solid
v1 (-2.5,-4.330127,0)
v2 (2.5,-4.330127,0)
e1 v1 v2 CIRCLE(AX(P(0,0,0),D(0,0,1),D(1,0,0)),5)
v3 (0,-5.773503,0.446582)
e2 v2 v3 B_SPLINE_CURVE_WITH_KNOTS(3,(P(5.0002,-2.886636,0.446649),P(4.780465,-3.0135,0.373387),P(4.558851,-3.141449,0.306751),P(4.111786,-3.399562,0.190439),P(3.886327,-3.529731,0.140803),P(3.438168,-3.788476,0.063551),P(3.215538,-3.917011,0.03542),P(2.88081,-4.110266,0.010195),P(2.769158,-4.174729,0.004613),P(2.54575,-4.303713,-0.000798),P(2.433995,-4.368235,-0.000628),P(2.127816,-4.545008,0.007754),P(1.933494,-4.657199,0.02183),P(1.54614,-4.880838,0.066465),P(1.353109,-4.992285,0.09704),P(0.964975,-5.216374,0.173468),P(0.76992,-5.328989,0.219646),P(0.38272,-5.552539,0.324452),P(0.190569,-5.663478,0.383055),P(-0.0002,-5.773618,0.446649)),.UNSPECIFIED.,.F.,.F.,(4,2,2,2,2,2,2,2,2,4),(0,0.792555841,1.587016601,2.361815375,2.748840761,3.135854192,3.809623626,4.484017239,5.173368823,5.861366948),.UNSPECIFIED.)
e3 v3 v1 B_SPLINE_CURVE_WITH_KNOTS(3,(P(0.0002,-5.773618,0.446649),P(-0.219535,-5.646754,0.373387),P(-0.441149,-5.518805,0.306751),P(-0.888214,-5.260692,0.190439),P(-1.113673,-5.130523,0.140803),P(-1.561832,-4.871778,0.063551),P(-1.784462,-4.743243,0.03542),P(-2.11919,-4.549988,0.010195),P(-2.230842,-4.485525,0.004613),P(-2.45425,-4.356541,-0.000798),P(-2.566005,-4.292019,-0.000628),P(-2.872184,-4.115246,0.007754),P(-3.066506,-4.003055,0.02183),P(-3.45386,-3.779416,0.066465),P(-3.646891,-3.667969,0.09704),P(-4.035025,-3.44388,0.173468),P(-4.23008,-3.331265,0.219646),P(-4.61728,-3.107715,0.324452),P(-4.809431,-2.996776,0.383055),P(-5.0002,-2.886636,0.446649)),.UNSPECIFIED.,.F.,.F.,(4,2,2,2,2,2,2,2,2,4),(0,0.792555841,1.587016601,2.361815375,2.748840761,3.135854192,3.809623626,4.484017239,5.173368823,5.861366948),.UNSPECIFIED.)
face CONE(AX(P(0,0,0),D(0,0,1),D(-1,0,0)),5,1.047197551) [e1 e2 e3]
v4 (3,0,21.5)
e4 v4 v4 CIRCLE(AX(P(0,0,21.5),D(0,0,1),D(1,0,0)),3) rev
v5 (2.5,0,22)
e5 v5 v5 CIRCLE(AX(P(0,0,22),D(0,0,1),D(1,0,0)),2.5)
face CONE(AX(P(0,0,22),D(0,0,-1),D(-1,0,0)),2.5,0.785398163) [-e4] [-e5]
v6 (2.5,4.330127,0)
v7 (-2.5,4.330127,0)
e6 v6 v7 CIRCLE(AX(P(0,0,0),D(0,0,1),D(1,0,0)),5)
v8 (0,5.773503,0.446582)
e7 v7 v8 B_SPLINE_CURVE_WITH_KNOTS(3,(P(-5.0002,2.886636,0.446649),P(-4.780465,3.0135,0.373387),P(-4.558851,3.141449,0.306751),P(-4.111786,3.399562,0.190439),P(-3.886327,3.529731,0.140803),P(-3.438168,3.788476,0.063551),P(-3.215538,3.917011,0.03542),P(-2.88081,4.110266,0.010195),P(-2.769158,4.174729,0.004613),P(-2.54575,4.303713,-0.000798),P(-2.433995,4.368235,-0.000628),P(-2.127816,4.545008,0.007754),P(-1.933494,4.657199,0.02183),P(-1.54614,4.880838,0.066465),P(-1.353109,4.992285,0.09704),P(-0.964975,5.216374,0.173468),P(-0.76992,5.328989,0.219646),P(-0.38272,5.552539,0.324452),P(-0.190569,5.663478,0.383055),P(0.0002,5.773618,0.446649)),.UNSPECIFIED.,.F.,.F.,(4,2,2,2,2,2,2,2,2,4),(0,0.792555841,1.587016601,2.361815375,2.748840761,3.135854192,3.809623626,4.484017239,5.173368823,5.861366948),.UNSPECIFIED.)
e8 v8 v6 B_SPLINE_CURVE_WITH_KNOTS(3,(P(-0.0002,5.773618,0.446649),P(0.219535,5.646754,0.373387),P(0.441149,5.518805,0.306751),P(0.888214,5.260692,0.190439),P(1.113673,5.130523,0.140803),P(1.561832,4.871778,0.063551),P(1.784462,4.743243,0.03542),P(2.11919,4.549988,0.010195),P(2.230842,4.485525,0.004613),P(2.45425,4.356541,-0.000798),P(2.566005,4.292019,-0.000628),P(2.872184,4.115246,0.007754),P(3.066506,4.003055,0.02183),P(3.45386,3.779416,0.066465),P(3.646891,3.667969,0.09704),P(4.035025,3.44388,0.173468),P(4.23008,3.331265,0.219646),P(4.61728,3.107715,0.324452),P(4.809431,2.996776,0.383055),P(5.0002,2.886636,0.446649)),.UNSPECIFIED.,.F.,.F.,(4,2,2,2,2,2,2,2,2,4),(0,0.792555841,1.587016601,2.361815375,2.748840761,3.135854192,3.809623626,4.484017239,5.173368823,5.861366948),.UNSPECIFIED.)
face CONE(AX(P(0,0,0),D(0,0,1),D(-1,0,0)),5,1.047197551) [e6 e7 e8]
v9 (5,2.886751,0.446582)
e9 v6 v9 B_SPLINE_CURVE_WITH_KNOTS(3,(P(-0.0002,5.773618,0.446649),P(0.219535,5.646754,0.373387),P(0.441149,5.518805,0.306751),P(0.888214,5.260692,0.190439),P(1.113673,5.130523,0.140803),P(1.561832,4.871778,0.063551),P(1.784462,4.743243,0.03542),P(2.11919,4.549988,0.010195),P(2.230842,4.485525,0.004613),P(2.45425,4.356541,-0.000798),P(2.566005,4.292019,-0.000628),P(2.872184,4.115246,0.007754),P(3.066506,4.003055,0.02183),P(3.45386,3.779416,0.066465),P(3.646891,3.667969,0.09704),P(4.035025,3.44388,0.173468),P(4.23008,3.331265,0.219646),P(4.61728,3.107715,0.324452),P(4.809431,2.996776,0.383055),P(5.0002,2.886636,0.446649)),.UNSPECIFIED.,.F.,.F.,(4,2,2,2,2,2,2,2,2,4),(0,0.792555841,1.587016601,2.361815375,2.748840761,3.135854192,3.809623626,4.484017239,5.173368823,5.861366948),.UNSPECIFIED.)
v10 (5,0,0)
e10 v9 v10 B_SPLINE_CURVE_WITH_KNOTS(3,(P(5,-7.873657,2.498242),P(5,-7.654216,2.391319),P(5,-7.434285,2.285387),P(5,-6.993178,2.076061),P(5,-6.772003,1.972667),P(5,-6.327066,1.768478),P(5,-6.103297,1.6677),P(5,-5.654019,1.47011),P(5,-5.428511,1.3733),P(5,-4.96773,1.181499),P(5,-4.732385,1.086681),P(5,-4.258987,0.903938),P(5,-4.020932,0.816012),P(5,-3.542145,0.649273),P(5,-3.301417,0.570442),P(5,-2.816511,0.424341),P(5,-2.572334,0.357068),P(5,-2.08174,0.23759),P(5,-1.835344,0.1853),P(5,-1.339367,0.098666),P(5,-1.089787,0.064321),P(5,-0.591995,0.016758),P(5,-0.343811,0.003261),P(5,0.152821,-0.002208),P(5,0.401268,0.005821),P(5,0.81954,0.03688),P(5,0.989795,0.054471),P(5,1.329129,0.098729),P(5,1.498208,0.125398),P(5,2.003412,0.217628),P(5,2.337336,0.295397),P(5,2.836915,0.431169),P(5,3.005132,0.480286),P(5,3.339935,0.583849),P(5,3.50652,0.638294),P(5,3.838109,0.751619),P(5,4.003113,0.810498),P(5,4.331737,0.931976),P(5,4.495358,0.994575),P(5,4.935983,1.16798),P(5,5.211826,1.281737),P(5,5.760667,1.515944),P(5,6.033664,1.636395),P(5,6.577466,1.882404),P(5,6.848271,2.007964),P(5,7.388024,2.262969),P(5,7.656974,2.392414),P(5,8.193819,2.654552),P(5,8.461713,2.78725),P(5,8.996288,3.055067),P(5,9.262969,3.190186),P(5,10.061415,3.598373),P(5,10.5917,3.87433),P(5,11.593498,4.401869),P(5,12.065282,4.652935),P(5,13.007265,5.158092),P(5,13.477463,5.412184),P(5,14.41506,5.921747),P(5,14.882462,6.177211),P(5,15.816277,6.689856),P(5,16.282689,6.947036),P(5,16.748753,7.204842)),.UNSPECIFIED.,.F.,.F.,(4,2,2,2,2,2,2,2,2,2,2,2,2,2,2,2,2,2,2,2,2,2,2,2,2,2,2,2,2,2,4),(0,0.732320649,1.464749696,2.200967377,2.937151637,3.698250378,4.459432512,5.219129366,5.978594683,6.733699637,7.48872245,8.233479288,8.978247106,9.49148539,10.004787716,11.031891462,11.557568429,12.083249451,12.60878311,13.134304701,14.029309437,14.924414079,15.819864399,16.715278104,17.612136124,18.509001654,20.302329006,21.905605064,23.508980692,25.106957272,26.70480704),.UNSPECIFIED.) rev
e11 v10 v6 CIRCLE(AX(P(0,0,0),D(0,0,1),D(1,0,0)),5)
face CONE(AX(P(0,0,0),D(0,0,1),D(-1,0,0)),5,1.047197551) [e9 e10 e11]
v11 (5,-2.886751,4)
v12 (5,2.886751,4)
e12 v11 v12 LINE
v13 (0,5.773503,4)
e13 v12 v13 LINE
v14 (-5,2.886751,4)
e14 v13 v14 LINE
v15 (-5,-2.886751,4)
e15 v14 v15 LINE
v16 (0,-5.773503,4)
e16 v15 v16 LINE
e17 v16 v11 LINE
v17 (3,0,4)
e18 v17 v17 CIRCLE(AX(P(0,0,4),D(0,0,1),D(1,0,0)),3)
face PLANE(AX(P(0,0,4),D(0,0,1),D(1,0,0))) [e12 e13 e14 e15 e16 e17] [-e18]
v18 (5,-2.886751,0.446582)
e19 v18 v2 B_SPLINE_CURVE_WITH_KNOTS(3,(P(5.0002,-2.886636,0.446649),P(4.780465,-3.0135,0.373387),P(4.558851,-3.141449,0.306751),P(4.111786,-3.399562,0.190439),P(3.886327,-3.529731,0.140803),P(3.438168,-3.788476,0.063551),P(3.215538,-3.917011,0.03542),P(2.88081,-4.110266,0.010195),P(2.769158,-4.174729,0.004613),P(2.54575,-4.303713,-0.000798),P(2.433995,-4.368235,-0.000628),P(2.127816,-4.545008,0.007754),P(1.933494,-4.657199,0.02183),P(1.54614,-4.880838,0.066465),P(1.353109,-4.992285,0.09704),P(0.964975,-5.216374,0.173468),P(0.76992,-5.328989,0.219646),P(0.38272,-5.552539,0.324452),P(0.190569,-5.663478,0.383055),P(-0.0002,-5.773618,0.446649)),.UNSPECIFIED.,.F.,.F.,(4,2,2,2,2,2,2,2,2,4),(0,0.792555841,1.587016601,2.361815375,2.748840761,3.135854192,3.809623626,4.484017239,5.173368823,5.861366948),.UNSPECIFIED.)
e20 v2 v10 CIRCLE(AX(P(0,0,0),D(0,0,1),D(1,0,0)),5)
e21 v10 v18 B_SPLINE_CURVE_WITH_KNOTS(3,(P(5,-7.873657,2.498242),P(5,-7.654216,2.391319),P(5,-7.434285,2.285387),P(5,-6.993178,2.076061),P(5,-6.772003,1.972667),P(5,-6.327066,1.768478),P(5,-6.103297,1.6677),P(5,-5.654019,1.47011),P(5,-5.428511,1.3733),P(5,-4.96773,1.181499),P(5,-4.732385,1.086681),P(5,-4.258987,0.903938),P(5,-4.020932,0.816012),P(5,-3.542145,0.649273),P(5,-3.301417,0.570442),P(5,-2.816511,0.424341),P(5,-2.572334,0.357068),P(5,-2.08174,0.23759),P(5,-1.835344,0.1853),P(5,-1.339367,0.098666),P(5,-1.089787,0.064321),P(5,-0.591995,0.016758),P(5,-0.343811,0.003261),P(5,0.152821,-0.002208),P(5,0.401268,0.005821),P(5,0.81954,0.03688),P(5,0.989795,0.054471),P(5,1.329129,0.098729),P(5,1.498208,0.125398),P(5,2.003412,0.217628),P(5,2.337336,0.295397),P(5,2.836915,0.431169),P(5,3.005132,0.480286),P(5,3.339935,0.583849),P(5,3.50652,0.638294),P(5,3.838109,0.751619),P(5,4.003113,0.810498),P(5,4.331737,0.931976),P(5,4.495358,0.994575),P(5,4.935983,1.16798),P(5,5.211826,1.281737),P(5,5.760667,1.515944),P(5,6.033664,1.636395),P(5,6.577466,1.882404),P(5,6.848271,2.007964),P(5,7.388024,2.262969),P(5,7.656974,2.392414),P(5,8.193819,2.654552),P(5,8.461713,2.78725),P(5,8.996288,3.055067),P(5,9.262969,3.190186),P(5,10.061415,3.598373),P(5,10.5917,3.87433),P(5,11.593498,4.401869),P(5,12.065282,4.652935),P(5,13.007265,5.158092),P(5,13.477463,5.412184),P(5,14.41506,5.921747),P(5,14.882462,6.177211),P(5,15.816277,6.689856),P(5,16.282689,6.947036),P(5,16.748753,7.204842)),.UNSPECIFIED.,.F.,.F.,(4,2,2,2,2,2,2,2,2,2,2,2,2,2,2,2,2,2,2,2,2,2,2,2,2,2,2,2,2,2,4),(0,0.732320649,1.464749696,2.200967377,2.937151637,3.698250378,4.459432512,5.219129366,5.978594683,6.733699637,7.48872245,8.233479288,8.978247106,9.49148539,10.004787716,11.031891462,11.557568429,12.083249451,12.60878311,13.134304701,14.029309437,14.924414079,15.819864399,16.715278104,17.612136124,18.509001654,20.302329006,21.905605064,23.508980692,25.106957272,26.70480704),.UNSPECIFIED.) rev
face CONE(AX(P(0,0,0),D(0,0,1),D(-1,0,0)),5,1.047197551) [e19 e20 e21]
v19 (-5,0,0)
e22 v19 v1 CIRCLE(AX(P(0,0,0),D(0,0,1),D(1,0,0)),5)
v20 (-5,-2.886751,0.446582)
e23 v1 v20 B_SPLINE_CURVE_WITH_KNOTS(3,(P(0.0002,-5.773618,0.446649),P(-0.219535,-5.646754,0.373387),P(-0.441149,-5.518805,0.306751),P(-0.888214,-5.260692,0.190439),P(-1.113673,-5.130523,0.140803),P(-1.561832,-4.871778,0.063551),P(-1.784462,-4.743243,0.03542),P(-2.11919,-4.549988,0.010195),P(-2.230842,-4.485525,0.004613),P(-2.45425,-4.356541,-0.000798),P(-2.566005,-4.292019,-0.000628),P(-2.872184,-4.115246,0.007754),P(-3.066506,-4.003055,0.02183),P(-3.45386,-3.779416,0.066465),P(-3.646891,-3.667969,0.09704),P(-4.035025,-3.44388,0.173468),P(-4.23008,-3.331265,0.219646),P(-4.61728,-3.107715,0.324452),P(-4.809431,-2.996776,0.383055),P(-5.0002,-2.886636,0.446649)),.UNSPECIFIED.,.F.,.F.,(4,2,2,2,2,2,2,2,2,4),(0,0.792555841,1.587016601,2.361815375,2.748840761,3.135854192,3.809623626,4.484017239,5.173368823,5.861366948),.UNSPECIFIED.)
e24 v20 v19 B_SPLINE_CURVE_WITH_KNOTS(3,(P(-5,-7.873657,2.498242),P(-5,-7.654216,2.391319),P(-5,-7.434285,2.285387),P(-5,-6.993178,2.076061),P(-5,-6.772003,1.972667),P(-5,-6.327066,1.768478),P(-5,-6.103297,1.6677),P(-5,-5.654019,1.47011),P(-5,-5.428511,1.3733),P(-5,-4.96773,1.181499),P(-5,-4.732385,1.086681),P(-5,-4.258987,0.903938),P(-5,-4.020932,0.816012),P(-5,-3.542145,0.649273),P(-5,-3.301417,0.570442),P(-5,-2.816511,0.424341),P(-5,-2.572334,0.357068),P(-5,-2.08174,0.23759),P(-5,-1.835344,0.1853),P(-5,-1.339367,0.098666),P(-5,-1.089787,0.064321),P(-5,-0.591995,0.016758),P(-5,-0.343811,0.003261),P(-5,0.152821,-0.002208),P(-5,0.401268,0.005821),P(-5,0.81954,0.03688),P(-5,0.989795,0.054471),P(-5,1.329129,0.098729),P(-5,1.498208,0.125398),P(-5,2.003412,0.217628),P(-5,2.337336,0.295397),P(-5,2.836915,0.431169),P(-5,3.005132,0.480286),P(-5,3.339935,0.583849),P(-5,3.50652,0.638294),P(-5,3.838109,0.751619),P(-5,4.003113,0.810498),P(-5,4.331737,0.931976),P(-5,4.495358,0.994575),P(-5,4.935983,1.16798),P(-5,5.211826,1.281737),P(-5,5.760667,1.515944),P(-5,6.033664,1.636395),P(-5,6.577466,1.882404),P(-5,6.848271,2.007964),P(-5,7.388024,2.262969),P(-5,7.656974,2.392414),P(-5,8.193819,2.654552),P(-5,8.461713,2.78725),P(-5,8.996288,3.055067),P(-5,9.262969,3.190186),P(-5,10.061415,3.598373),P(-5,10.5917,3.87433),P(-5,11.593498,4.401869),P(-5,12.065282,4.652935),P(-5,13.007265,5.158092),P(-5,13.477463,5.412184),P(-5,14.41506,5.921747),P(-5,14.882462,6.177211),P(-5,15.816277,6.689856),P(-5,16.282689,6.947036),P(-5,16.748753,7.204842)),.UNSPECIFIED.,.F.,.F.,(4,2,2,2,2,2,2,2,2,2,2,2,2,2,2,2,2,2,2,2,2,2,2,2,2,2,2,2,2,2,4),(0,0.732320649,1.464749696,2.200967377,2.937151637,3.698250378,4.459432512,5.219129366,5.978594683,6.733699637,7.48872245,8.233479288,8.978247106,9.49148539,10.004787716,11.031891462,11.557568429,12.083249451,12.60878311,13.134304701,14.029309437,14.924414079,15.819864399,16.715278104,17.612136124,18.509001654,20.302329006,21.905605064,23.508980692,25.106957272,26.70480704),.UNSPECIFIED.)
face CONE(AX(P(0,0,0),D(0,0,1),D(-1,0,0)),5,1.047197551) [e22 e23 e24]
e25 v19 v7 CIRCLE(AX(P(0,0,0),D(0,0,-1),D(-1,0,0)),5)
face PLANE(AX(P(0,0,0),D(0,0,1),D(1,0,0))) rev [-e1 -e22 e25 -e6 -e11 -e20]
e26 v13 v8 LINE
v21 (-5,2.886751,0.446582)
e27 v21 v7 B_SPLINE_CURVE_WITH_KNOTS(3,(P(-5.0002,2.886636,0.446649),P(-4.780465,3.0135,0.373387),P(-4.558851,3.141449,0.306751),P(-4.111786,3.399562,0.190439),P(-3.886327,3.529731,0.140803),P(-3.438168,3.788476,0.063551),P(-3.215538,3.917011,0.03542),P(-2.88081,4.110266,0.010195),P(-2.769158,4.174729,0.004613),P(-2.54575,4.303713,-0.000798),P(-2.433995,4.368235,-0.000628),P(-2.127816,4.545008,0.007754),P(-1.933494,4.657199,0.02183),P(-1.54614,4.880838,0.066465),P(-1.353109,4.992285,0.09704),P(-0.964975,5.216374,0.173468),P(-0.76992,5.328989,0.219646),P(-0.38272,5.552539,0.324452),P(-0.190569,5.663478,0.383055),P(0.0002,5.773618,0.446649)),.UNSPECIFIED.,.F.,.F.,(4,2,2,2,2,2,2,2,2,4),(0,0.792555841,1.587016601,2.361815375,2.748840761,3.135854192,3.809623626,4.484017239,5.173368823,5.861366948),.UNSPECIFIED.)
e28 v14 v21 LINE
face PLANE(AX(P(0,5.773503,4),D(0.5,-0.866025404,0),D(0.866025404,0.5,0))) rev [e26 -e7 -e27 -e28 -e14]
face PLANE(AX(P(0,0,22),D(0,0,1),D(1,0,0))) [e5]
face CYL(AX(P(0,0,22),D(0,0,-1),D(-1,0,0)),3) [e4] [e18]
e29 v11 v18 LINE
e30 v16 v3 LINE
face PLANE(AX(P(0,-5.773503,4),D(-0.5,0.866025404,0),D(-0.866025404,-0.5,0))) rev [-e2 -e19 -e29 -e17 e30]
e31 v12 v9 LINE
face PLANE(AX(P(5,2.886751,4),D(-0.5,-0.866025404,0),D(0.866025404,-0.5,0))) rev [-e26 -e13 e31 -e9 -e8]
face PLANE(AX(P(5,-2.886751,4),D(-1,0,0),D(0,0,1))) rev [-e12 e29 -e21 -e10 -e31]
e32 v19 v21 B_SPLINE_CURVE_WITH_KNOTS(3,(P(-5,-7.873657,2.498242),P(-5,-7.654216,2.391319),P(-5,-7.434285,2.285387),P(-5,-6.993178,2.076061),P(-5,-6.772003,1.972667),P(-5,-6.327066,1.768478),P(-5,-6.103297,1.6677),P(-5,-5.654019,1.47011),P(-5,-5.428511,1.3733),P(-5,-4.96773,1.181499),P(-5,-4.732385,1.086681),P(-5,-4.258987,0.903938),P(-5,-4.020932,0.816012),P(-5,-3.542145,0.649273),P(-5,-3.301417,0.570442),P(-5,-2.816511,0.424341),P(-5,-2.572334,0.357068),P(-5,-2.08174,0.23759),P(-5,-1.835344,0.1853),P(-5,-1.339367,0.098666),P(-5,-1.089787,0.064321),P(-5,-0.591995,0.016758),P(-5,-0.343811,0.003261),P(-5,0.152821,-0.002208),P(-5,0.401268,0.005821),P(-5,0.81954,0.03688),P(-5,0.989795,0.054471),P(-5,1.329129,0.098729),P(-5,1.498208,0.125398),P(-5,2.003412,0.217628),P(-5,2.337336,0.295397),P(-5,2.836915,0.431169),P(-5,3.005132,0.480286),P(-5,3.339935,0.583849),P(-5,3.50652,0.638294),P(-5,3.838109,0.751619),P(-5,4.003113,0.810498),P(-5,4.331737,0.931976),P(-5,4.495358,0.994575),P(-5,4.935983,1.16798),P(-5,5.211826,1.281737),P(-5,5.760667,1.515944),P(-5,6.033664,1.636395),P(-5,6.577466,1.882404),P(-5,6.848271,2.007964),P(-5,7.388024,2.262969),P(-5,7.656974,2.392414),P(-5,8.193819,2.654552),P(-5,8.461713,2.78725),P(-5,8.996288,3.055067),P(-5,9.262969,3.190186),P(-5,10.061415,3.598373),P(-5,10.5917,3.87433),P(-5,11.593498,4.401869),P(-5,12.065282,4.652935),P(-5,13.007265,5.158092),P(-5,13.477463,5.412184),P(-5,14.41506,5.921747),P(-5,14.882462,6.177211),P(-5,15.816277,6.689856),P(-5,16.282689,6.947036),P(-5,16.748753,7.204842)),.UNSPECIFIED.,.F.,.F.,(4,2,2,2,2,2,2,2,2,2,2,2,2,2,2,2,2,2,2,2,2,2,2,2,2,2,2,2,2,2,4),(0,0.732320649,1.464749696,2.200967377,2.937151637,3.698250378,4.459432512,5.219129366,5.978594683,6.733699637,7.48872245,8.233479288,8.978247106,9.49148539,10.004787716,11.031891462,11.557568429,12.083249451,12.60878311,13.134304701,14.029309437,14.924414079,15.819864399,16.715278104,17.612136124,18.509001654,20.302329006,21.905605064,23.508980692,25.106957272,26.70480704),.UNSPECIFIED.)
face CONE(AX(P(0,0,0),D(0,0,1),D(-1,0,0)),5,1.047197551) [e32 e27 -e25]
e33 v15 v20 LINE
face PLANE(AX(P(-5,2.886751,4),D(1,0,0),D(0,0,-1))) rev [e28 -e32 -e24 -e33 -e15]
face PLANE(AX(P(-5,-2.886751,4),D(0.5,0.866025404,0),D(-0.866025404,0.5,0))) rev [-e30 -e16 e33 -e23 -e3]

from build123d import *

# Parameters (mm, degrees)
BOSS_EXTRUDE1_DEPTH = 4
SKETCH2_R           = 3
BOSS_EXTRUDE2_DEPTH = 18
SKETCH6_OUTSIDE_W   = 101.492
SKETCH6_OUTSIDE_H   = 103.04
SKETCH6_OUTSIDE_R   = 5
CUT_EXTRUDE1_DEPTH  = 24.2880513
CUT_EXTRUDE1_DRAFT  = -60
CHAMFER1_SIZE       = 0.5


with BuildPart() as part:
    # Sketch1 → Boss-Extrude1 (new body)
    with BuildSketch(Plane.XY):
        Polygon((0, -5.773502692), (5, -2.886751346), (5, 2.886751346), (0, 5.773502692), (-5, 2.886751346), (-5, -2.886751346), align=None)
    extrude(amount=BOSS_EXTRUDE1_DEPTH)

    # Sketch2 → Boss-Extrude2 (add)
    with BuildSketch(Plane.XY.offset(4)):
        Circle(SKETCH2_R)
    extrude(amount=BOSS_EXTRUDE2_DEPTH)


with BuildPart() as cut_extrude1_tool:
    # Sketch6 outside → Cut-Extrude1 (with draft: the straight prism first)
    with BuildSketch(Plane(origin=(0, 0, 0), x_dir=(-1, 0, 0), z_dir=(0, 0, -1))):
        Rectangle(SKETCH6_OUTSIDE_W, SKETCH6_OUTSIDE_H)
        Circle(SKETCH6_OUTSIDE_R, mode=Mode.SUBTRACT)
    extrude(amount=-CUT_EXTRUDE1_DEPTH)
    # Cut-Extrude1: the draft: its side faces are tilted about the plane it starts from
    cut_extrude1_sides = [cut_extrude1_tool.faces().sort_by_distance(p)[0] for p in [
        (0, -51.52, 12.14402565),
        (-50.746, 0, 12.14402565),
        (0, 51.52, 12.14402565),
        (50.746, 0, 12.14402565),
        (5, 0, 12.14402565),
    ]]
    draft(cut_extrude1_sides, Plane(origin=(0, 0, 0), x_dir=(-1, 0, 0), z_dir=(0, 0, -1)), CUT_EXTRUDE1_DRAFT)


with BuildPart() as part_1:
    add(part.part)

    # Cut-Extrude1: cut by cut_extrude1_tool
    add(cut_extrude1_tool.part, mode=Mode.SUBTRACT)

    # Chamfer1
    chamfer1_edges = [part_1.edges().sort_by_distance(p)[0] for p in [
        (-3, 0, 22),
    ]]
    chamfer(chamfer1_edges, length=CHAMFER1_SIZE)


solid = part_1.part
